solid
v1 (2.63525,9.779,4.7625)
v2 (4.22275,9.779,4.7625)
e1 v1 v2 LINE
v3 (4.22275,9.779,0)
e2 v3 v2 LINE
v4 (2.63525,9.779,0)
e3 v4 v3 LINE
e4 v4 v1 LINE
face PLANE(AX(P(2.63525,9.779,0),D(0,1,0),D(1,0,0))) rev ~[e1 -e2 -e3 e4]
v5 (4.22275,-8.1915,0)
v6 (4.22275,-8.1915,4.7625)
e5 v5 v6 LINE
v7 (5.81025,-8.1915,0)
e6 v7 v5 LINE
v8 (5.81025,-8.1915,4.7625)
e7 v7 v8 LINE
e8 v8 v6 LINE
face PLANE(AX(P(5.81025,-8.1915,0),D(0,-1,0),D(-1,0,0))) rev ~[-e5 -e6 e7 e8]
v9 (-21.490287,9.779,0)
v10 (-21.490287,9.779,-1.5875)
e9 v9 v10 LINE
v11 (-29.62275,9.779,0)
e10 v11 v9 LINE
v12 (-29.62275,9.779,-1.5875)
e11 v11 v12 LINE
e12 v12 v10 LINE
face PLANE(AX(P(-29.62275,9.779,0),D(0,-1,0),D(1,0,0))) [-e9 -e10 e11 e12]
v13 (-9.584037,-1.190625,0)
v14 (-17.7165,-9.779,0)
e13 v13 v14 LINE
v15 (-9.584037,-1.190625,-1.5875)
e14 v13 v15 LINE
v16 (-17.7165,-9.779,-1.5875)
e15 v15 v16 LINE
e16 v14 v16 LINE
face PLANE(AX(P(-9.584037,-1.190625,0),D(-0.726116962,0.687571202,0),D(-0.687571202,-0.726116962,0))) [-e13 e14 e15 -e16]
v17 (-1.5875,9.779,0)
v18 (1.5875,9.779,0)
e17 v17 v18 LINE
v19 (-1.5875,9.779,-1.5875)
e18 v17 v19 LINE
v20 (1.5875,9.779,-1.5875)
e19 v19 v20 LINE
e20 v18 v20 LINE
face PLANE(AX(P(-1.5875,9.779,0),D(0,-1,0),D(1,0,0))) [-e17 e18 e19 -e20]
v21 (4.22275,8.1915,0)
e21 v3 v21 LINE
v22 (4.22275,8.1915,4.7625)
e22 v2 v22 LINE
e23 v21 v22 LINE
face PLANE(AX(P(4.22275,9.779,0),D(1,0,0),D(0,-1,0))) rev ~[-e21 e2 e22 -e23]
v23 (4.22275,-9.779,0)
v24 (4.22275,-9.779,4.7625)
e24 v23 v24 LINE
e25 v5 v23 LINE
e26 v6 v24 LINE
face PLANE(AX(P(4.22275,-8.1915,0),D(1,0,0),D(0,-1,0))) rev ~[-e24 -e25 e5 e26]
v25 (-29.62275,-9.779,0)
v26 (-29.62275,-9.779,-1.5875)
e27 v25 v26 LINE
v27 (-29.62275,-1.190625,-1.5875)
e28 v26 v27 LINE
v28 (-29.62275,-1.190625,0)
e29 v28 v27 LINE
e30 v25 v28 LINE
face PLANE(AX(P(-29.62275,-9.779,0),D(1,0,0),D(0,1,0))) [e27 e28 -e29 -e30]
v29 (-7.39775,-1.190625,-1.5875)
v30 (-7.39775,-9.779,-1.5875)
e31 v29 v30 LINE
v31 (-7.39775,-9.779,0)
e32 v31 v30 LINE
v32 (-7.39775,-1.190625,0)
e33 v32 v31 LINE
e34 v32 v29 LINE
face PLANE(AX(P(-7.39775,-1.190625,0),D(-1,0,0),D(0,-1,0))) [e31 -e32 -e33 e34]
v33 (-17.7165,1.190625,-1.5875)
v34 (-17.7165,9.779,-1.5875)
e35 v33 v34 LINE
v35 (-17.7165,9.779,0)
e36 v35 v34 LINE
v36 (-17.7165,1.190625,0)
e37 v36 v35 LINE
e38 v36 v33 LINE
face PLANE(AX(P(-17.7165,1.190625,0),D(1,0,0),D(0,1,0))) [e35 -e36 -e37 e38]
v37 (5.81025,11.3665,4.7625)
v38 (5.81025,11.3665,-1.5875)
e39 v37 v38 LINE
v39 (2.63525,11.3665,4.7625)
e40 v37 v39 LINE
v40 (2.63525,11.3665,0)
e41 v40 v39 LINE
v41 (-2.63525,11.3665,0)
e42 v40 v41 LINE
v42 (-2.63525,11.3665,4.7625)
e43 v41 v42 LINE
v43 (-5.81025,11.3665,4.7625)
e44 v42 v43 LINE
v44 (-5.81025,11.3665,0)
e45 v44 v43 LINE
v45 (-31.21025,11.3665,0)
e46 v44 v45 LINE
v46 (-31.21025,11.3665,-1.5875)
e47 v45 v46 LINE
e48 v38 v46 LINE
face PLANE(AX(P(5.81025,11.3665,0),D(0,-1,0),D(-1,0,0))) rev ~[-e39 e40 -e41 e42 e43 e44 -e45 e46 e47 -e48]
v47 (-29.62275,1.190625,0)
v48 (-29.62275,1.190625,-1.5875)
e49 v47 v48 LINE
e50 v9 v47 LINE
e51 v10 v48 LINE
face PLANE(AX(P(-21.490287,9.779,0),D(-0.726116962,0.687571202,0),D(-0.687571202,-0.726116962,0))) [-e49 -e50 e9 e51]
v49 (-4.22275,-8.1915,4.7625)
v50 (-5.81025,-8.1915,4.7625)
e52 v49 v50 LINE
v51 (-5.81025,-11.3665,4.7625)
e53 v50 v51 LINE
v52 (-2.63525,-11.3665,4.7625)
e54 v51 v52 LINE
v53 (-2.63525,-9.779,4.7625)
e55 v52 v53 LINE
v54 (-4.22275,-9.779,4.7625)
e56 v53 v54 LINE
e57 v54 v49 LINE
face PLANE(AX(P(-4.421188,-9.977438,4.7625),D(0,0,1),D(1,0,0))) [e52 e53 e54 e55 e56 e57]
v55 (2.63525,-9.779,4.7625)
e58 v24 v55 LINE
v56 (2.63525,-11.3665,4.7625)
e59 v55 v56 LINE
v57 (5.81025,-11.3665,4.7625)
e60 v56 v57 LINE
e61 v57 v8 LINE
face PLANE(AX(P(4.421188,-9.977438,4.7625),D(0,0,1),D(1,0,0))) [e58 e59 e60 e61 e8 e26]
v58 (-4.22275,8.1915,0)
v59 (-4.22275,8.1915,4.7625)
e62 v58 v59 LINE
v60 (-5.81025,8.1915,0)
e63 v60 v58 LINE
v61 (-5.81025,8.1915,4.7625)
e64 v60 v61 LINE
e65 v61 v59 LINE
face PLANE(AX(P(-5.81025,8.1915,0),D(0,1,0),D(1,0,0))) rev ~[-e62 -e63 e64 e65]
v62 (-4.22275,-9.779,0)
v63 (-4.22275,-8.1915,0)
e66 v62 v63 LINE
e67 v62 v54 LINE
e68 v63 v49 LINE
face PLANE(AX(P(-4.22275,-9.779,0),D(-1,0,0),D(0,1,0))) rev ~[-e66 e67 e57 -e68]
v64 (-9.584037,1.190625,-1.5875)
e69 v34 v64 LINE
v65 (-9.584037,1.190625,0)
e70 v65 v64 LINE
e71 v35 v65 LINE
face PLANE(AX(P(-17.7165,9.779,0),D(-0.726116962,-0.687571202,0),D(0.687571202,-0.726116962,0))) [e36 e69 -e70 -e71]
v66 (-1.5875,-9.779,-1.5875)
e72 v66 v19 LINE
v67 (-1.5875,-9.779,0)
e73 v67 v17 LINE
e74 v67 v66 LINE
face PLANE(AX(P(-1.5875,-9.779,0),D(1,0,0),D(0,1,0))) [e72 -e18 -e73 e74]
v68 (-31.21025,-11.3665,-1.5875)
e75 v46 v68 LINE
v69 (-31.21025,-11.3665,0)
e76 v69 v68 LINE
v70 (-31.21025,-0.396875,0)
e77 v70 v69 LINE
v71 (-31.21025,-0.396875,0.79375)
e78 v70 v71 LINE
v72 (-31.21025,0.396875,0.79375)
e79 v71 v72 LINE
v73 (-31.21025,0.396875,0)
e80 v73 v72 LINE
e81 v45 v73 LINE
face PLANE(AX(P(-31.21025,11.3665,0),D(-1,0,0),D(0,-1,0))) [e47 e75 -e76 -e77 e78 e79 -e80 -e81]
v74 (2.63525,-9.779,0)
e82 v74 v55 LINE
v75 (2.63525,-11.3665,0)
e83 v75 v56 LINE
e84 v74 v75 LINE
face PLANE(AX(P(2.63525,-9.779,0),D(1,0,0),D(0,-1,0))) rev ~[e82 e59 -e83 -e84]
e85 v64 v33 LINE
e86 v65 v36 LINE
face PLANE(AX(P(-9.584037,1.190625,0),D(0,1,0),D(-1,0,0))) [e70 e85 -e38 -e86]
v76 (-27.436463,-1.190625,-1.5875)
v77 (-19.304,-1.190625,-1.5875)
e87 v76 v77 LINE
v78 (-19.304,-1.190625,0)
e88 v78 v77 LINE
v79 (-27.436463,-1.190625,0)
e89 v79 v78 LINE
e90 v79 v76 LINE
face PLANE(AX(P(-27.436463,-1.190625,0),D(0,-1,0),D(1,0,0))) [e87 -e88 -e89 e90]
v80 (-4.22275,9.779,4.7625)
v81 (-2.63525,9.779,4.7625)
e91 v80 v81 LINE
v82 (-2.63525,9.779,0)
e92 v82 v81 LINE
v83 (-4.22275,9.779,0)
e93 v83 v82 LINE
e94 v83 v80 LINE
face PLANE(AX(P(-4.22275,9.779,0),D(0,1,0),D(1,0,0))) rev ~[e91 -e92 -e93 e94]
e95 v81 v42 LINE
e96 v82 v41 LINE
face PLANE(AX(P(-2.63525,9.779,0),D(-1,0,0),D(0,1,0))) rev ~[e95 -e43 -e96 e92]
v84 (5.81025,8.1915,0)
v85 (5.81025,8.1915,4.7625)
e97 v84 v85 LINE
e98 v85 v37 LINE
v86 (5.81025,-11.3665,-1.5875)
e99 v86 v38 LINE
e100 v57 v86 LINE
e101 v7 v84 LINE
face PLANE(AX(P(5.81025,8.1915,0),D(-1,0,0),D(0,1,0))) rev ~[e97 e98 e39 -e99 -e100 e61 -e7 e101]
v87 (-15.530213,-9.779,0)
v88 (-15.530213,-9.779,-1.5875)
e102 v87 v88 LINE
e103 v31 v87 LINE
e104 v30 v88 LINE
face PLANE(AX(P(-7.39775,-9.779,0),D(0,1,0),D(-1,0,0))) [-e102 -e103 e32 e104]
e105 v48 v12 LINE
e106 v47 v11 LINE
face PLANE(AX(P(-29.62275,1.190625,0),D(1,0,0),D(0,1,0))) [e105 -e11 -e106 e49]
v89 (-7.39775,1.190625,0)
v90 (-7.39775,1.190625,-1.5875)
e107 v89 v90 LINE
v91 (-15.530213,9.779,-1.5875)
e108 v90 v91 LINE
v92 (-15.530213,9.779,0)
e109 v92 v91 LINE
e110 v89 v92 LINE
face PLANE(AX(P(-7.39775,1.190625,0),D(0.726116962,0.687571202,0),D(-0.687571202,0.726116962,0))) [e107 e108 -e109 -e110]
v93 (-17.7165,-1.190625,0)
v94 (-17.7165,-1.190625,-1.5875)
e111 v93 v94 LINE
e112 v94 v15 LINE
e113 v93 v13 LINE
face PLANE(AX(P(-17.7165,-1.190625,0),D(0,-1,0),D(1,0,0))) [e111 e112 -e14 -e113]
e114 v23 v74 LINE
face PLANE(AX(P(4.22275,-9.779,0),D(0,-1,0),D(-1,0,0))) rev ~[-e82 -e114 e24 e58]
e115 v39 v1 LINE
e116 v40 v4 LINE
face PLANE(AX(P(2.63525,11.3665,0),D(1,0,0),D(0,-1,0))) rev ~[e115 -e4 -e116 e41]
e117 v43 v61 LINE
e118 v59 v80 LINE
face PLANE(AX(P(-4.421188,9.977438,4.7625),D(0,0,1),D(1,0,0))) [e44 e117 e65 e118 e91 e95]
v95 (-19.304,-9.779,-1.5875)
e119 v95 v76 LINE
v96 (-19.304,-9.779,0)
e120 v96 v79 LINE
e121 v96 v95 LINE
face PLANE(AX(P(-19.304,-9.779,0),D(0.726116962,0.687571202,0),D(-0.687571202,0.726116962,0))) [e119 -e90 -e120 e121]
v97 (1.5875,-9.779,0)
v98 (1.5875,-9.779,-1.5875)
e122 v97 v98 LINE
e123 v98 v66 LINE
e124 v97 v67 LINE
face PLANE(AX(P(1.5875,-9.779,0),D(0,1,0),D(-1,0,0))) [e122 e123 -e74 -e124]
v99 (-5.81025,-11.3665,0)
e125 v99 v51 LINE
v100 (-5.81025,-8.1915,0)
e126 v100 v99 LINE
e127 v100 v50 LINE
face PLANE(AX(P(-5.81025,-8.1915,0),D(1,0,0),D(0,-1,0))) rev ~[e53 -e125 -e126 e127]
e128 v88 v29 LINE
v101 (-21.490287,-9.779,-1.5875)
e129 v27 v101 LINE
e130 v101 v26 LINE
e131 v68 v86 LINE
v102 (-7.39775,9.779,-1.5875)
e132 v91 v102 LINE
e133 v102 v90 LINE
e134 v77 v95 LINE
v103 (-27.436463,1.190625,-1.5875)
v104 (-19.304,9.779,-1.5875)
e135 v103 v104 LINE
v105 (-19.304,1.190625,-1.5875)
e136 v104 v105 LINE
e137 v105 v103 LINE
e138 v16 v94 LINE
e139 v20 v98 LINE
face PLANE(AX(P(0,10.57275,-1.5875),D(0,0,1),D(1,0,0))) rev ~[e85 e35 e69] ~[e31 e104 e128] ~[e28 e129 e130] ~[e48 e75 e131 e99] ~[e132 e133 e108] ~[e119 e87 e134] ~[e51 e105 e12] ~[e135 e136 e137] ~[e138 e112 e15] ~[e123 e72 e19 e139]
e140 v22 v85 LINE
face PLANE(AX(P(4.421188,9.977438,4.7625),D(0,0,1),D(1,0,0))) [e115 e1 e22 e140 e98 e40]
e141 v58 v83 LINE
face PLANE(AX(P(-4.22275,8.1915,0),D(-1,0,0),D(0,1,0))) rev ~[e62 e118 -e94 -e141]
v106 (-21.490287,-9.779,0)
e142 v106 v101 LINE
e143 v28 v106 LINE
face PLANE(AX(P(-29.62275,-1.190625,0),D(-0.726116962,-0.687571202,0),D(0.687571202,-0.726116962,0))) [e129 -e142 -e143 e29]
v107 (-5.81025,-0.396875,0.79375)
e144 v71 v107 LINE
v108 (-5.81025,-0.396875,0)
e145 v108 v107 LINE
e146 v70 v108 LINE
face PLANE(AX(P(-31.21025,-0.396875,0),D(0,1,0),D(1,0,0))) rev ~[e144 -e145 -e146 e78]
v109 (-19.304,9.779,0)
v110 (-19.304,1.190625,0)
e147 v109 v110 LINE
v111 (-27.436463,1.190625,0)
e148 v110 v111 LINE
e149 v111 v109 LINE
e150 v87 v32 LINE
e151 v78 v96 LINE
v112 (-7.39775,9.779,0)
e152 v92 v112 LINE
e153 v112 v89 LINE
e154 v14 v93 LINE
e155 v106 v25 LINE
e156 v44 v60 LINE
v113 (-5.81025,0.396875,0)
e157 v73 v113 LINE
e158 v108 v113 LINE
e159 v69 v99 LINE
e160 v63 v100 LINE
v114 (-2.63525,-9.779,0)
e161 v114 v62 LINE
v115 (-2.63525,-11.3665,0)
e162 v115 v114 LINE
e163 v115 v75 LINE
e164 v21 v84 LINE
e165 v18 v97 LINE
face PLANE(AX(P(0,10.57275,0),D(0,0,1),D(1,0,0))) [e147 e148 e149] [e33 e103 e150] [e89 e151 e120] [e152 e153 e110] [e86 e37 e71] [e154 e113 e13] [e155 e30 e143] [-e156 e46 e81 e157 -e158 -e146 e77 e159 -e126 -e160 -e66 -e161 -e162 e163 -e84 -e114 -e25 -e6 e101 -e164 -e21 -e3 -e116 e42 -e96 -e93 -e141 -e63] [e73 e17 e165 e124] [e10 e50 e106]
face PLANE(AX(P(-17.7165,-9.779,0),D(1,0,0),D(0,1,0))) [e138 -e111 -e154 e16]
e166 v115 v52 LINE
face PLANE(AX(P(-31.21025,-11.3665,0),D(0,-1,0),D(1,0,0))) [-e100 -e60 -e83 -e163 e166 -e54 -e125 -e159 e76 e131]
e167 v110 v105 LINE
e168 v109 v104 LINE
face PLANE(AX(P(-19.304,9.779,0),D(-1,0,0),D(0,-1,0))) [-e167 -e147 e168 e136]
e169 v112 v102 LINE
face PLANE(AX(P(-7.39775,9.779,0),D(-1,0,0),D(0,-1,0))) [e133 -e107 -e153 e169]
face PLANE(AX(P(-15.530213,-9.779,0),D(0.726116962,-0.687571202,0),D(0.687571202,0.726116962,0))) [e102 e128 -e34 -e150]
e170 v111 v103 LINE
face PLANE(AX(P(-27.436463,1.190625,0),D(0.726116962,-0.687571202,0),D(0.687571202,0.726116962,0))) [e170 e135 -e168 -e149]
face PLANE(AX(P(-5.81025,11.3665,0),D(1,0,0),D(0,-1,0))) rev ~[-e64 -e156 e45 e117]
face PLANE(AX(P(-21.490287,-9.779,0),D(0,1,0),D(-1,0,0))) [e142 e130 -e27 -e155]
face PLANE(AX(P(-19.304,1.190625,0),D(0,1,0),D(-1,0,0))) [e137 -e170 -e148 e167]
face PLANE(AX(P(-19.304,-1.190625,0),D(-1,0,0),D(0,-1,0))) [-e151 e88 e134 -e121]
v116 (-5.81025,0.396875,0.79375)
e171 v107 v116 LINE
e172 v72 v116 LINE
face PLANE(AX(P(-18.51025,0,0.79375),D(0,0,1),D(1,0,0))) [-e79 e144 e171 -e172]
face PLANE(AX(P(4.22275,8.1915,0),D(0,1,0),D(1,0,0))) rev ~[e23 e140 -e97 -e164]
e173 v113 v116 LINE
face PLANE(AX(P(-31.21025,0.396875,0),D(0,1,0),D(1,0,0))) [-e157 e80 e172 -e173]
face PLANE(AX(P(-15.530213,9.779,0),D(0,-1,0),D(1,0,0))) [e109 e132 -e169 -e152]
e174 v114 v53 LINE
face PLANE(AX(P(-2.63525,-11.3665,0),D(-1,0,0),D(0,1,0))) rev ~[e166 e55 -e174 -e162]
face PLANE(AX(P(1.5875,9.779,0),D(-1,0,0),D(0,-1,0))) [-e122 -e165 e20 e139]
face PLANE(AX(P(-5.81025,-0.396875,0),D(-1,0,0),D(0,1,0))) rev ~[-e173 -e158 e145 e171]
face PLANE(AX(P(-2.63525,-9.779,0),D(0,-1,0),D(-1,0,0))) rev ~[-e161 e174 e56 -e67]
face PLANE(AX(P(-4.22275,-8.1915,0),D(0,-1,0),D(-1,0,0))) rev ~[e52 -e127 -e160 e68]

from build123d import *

# Parameters (mm, degrees)
F0_W     = 1.5875
F0_H     = 16.383
F0_W_2   = 2.38125
F0_H_2   = 19.05
F0_W_3   = 25.4
F0_H_3   = 0.79375
F1_DEPTH = 1.5875
F2_DEPTH = 4.7625
F3_DEPTH = 0.79375


with BuildPart() as f1:
    # F0 (on Top) → F1 (new body)
    with BuildSketch(Plane.XY):
        Polygon((-1.5875, 9.779), (1.5875, 9.779), (2.63525, 9.779), (2.63525, 11.3665), (-2.63525, 11.3665), (-2.63525, 9.779), align=None)
        Polygon((2.63525, 11.3665), (2.63525, 9.779), (4.22275, 9.779), (4.22275, 8.1915), (5.81025, 8.1915), (5.81025, 11.3665), align=None)
        with Locations((5.0165, 0)):
            Rectangle(F0_W, F0_H)
        Polygon((4.22275, -9.779), (2.63525, -9.779), (2.63525, -11.3665), (5.81025, -11.3665), (5.81025, -8.1915), (4.22275, -8.1915), align=None)
        Polygon((2.63525, -9.779), (1.5875, -9.779), (-1.5875, -9.779), (-2.63525, -9.779), (-2.63525, -11.3665), (2.63525, -11.3665), align=None)
        Polygon((-4.22275, -9.779), (-4.22275, -8.1915), (-5.81025, -8.1915), (-5.81025, -11.3665), (-2.63525, -11.3665), (-2.63525, -9.779), align=None)
        Polygon((-5.81025, 8.1915), (-5.81025, 11.3665), (-31.21025, 11.3665), (-31.21025, 0.396875), (-5.81025, 0.396875), align=None)
        Polygon((-21.490287, 9.779), (-29.62275, 1.190625), (-29.62275, 9.779), align=None, mode=Mode.SUBTRACT)
        Polygon((-27.436463, 1.190625), (-19.304, 9.779), (-19.304, 1.190625), align=None, mode=Mode.SUBTRACT)
        Polygon((-17.7165, 9.779), (-9.584037, 1.190625), (-17.7165, 1.190625), align=None, mode=Mode.SUBTRACT)
        Polygon((-7.39775, 1.190625), (-15.530213, 9.779), (-7.39775, 9.779), align=None, mode=Mode.SUBTRACT)
        Polygon((-4.22275, 9.779), (-2.63525, 9.779), (-2.63525, 11.3665), (-5.81025, 11.3665), (-5.81025, 8.1915), (-4.22275, 8.1915), align=None)
        Polygon((-5.81025, -8.1915), (-4.22275, -8.1915), (-4.22275, 8.1915), (-5.81025, 8.1915), (-5.81025, 0.396875), (-5.81025, -0.396875), align=None)
        with Locations((2.778125, 0)):
            Rectangle(F0_W_2, F0_H_2)
        Polygon((-1.5875, -9.525), (-1.5875, 9.525), (-3.96875, 9.525), (-3.96875, -8.1915), (-3.96875, -9.525), align=None)
        Polygon((-3.96875, 9.525), (-1.5875, 9.525), (-1.5875, 9.779), (-2.63525, 9.779), (-4.22275, 9.779), (-4.22275, 8.1915), (-4.22275, -8.1915), (-3.96875, -8.1915), align=None)
        Polygon((-1.5875, -9.779), (-1.5875, -9.525), (-3.96875, -9.525), (-3.96875, -8.1915), (-4.22275, -8.1915), (-4.22275, -9.779), (-2.63525, -9.779), align=None)
        Polygon((1.5875, 9.525), (3.96875, 9.525), (3.96875, -9.525), (1.5875, -9.525), (1.5875, -9.779), (2.63525, -9.779), (4.22275, -9.779), (4.22275, -8.1915), (4.22275, 8.1915), (4.22275, 9.779), (2.63525, 9.779), (1.5875, 9.779), align=None)
        Polygon((-5.81025, -11.3665), (-5.81025, -8.1915), (-5.81025, -0.396875), (-31.21025, -0.396875), (-31.21025, -11.3665), align=None)
        Polygon((-29.62275, -1.190625), (-21.490287, -9.779), (-29.62275, -9.779), align=None, mode=Mode.SUBTRACT)
        Polygon((-27.436463, -1.190625), (-19.304, -1.190625), (-19.304, -9.779), align=None, mode=Mode.SUBTRACT)
        Polygon((-9.584037, -1.190625), (-17.7165, -9.779), (-17.7165, -1.190625), align=None, mode=Mode.SUBTRACT)
        Polygon((-15.530213, -9.779), (-7.39775, -1.190625), (-7.39775, -9.779), align=None, mode=Mode.SUBTRACT)
        with Locations((-18.51025, 0)):
            Rectangle(F0_W_3, F0_H_3)
    extrude(amount=-F1_DEPTH)

    # F0 (on Top) → F2 (join)
    with BuildSketch(Plane.XY):
        Polygon((-4.22275, 9.779), (-2.63525, 9.779), (-2.63525, 11.3665), (-5.81025, 11.3665), (-5.81025, 8.1915), (-4.22275, 8.1915), align=None)
        Polygon((2.63525, 11.3665), (2.63525, 9.779), (4.22275, 9.779), (4.22275, 8.1915), (5.81025, 8.1915), (5.81025, 11.3665), align=None)
        Polygon((4.22275, -9.779), (2.63525, -9.779), (2.63525, -11.3665), (5.81025, -11.3665), (5.81025, -8.1915), (4.22275, -8.1915), align=None)
        Polygon((-4.22275, -9.779), (-4.22275, -8.1915), (-5.81025, -8.1915), (-5.81025, -11.3665), (-2.63525, -11.3665), (-2.63525, -9.779), align=None)
    extrude(amount=F2_DEPTH)

    # F0 (on Top) → F3 (join)
    with BuildSketch(Plane.XY):
        with Locations((-18.51025, 0)):
            Rectangle(F0_W_3, F0_H_3)
    extrude(amount=F3_DEPTH)


solid = f1.part
